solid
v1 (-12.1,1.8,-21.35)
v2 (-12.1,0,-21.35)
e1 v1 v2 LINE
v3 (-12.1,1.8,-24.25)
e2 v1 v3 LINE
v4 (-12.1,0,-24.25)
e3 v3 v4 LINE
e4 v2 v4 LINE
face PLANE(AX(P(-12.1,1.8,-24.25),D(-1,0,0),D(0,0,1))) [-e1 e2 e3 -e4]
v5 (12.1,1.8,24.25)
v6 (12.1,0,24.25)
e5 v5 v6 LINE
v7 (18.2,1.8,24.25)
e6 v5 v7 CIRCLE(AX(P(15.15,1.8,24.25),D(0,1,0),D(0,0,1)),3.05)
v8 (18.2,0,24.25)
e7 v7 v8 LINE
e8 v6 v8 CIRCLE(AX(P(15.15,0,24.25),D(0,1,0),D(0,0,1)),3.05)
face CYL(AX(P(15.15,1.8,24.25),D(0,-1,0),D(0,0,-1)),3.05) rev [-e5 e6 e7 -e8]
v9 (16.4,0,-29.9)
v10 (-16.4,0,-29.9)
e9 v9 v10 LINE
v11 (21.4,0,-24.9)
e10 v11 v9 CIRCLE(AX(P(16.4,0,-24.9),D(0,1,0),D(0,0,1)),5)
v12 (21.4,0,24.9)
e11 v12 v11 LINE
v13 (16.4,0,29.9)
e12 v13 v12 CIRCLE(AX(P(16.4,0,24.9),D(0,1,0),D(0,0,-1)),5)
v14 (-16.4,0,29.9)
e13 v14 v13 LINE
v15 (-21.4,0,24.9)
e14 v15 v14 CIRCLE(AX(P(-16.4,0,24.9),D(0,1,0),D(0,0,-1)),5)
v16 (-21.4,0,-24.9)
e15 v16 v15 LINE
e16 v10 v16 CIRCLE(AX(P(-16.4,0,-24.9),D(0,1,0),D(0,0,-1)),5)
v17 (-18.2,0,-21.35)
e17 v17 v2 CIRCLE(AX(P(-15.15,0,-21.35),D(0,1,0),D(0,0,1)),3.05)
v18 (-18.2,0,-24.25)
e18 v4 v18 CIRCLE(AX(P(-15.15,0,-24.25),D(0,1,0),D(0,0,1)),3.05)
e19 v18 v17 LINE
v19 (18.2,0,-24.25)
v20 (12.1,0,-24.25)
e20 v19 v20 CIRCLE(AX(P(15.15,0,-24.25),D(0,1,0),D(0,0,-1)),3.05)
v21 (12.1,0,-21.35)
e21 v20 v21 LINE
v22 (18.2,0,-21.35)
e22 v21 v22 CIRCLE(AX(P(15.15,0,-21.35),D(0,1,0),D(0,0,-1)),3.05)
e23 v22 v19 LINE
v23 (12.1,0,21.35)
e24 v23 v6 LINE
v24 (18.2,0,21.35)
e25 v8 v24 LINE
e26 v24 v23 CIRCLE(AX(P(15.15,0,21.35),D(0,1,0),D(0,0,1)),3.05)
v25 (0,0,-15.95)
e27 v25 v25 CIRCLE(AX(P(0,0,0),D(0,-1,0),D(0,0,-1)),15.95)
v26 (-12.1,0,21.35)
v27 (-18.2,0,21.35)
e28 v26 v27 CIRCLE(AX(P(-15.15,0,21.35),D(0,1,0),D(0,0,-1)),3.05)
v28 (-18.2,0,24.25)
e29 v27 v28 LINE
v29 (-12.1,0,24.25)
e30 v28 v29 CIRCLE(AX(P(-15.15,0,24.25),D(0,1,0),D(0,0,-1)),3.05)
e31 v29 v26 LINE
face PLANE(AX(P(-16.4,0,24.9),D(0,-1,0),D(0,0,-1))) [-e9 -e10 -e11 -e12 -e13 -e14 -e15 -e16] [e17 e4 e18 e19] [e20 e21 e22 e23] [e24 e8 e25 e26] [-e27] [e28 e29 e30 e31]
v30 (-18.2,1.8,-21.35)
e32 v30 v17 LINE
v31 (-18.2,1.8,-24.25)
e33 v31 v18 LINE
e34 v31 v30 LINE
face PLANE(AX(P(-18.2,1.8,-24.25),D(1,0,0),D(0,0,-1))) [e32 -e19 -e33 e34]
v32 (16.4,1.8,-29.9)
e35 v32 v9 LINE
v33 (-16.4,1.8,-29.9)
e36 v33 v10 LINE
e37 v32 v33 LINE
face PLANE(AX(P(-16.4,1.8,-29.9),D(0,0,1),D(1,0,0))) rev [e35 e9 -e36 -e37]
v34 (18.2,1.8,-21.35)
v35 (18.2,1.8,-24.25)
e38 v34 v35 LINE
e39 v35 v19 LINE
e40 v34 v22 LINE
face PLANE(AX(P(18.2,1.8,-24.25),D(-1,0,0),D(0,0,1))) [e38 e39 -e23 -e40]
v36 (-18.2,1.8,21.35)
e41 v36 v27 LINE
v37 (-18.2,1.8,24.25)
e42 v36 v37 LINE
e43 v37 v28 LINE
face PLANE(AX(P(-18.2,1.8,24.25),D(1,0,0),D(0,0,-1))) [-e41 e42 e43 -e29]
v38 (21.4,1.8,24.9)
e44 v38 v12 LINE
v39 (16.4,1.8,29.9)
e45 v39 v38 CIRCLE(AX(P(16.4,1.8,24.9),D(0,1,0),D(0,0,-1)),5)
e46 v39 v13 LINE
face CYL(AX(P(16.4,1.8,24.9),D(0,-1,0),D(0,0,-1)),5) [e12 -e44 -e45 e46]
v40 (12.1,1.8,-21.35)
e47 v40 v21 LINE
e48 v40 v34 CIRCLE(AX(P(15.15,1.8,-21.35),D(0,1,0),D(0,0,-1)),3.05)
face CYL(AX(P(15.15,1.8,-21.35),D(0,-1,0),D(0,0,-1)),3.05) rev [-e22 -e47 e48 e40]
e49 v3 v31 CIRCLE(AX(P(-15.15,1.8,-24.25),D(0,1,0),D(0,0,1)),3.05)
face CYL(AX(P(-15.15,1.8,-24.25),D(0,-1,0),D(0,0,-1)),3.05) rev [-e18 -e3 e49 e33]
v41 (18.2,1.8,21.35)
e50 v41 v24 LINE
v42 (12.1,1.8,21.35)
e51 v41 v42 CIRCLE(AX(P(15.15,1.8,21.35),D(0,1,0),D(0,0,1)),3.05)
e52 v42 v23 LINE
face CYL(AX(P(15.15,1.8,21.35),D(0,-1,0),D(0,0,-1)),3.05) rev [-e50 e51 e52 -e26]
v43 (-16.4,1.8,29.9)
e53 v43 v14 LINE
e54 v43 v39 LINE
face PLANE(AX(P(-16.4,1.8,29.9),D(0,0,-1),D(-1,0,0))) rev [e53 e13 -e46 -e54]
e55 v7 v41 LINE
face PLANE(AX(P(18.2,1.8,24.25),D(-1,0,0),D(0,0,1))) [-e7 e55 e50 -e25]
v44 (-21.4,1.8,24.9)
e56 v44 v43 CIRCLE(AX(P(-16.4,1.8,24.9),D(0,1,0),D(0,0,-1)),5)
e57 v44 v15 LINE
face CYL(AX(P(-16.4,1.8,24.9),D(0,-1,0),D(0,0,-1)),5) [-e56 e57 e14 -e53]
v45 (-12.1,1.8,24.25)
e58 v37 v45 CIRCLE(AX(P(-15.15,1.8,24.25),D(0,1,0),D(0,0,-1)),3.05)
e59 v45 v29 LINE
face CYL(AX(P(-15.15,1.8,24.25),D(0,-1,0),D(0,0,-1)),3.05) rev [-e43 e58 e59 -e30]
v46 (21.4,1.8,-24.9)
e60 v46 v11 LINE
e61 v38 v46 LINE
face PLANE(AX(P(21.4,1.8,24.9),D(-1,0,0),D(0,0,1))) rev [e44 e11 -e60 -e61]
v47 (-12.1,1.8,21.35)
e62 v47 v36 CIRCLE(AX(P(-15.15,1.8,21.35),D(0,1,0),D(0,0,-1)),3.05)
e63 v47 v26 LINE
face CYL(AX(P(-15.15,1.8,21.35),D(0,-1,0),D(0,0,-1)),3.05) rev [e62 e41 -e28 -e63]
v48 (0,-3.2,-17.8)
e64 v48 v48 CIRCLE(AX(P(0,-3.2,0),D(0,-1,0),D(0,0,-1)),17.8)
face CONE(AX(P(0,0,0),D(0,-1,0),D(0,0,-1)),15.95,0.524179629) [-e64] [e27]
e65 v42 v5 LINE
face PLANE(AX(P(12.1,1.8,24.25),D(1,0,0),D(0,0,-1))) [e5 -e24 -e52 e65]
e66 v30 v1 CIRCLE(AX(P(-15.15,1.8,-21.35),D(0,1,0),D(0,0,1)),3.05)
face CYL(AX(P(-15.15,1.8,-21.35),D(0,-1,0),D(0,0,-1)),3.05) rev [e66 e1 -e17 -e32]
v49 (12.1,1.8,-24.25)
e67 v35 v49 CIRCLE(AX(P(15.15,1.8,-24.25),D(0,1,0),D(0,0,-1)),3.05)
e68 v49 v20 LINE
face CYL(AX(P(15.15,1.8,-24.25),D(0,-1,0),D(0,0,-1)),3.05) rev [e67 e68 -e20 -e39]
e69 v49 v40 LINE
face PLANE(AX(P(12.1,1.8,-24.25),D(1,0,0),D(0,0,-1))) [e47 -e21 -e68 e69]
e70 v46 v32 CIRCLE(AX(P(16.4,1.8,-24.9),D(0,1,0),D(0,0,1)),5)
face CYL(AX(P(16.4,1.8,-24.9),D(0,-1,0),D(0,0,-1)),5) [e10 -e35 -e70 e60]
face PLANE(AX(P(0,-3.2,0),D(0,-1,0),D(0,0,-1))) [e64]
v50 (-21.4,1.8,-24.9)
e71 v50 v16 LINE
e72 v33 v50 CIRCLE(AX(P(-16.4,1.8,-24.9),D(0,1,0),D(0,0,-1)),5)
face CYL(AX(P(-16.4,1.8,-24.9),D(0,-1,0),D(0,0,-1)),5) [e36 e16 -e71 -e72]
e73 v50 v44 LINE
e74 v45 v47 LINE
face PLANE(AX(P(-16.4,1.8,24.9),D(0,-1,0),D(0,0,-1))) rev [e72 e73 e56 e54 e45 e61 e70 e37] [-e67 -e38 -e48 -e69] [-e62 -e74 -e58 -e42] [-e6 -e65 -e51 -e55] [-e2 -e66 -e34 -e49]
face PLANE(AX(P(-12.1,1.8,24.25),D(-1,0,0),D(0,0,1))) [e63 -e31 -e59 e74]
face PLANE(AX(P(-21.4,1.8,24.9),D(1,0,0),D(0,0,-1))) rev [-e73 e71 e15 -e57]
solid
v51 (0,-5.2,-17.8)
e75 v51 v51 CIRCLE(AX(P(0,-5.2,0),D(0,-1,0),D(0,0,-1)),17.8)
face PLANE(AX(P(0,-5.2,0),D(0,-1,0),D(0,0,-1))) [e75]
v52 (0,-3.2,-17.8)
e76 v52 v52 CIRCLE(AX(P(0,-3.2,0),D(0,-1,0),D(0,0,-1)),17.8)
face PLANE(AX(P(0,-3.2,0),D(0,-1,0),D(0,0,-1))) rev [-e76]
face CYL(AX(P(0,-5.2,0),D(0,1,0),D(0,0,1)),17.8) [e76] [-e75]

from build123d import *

# Parameters (mm, degrees)
BOSS_EXTRUDE1_DEPTH = 1.8
SKETCH3_R           = 17.8
SKETCH2_R           = 15.95
SKETCH4_R           = 17.8
BOSS_EXTRUDE2_DEPTH = 2


with BuildPart() as part:
    # Sketch1 → Boss-Extrude1 (new body)
    with BuildSketch(Plane(origin=(0, 0, 0), x_dir=(1, 0, 0), z_dir=(0, 1, 0))):
        with BuildLine():
            Line((-16.4, -29.9), (16.4, -29.9))
            ThreePointArc((16.4, -29.9), (19.935533906, -28.435533906), (21.4, -24.9))
            Line((21.4, -24.9), (21.4, 24.9))
            ThreePointArc((21.4, 24.9), (19.935533906, 28.435533906), (16.4, 29.9))
            Line((16.4, 29.9), (-16.4, 29.9))
            ThreePointArc((-16.4, 29.9), (-19.935533906, 28.435533906), (-21.4, 24.9))
            Line((-21.4, 24.9), (-21.4, -24.9))
            ThreePointArc((-21.4, -24.9), (-19.935533906, -28.435533906), (-16.4, -29.9))
        make_face()
        with BuildLine():
            Line((-12.1, 24.25), (-12.1, 21.35))
            ThreePointArc((-12.1, 21.35), (-15.15, 18.3), (-18.2, 21.35))
            Line((-18.2, 21.35), (-18.2, 24.25))
            ThreePointArc((-18.2, 24.25), (-15.15, 27.3), (-12.1, 24.25))
        make_face(mode=Mode.SUBTRACT)
        with BuildLine():
            Line((-12.1, -24.25), (-12.1, -21.35))
            ThreePointArc((-12.1, -21.35), (-15.15, -18.3), (-18.2, -21.35))
            Line((-18.2, -21.35), (-18.2, -24.25))
            ThreePointArc((-18.2, -24.25), (-15.15, -27.3), (-12.1, -24.25))
        make_face(mode=Mode.SUBTRACT)
        with BuildLine():
            Line((12.1, 24.25), (12.1, 21.35))
            ThreePointArc((12.1, 21.35), (15.15, 18.3), (18.2, 21.35))
            Line((18.2, 21.35), (18.2, 24.25))
            ThreePointArc((18.2, 24.25), (15.15, 27.3), (12.1, 24.25))
        make_face(mode=Mode.SUBTRACT)
        with BuildLine():
            Line((12.1, -24.25), (12.1, -21.35))
            ThreePointArc((12.1, -21.35), (15.15, -18.3), (18.2, -21.35))
            Line((18.2, -21.35), (18.2, -24.25))
            ThreePointArc((18.2, -24.25), (15.15, -27.3), (12.1, -24.25))
        make_face(mode=Mode.SUBTRACT)
    extrude(amount=BOSS_EXTRUDE1_DEPTH)

    # Sketch3 → Loft1 section 0
    with BuildSketch(Plane(origin=(0, -3.2, 0), x_dir=(-1, 0, 0), z_dir=(0, -1, 0))):
        Circle(SKETCH3_R)
    # Sketch2 → Loft1 section 1
    with BuildSketch(Plane.XZ):
        Circle(SKETCH2_R)
    loft()


with BuildPart() as body_2:
    # Sketch4 → Boss-Extrude2 (new body)
    with BuildSketch(Plane.XZ.offset(3.2)):
        with Locations(Location((0, 0, 0), (0, 0, 270))):
            Circle(SKETCH4_R)
    extrude(amount=BOSS_EXTRUDE2_DEPTH)


solid = Compound([part.part, body_2.part])
